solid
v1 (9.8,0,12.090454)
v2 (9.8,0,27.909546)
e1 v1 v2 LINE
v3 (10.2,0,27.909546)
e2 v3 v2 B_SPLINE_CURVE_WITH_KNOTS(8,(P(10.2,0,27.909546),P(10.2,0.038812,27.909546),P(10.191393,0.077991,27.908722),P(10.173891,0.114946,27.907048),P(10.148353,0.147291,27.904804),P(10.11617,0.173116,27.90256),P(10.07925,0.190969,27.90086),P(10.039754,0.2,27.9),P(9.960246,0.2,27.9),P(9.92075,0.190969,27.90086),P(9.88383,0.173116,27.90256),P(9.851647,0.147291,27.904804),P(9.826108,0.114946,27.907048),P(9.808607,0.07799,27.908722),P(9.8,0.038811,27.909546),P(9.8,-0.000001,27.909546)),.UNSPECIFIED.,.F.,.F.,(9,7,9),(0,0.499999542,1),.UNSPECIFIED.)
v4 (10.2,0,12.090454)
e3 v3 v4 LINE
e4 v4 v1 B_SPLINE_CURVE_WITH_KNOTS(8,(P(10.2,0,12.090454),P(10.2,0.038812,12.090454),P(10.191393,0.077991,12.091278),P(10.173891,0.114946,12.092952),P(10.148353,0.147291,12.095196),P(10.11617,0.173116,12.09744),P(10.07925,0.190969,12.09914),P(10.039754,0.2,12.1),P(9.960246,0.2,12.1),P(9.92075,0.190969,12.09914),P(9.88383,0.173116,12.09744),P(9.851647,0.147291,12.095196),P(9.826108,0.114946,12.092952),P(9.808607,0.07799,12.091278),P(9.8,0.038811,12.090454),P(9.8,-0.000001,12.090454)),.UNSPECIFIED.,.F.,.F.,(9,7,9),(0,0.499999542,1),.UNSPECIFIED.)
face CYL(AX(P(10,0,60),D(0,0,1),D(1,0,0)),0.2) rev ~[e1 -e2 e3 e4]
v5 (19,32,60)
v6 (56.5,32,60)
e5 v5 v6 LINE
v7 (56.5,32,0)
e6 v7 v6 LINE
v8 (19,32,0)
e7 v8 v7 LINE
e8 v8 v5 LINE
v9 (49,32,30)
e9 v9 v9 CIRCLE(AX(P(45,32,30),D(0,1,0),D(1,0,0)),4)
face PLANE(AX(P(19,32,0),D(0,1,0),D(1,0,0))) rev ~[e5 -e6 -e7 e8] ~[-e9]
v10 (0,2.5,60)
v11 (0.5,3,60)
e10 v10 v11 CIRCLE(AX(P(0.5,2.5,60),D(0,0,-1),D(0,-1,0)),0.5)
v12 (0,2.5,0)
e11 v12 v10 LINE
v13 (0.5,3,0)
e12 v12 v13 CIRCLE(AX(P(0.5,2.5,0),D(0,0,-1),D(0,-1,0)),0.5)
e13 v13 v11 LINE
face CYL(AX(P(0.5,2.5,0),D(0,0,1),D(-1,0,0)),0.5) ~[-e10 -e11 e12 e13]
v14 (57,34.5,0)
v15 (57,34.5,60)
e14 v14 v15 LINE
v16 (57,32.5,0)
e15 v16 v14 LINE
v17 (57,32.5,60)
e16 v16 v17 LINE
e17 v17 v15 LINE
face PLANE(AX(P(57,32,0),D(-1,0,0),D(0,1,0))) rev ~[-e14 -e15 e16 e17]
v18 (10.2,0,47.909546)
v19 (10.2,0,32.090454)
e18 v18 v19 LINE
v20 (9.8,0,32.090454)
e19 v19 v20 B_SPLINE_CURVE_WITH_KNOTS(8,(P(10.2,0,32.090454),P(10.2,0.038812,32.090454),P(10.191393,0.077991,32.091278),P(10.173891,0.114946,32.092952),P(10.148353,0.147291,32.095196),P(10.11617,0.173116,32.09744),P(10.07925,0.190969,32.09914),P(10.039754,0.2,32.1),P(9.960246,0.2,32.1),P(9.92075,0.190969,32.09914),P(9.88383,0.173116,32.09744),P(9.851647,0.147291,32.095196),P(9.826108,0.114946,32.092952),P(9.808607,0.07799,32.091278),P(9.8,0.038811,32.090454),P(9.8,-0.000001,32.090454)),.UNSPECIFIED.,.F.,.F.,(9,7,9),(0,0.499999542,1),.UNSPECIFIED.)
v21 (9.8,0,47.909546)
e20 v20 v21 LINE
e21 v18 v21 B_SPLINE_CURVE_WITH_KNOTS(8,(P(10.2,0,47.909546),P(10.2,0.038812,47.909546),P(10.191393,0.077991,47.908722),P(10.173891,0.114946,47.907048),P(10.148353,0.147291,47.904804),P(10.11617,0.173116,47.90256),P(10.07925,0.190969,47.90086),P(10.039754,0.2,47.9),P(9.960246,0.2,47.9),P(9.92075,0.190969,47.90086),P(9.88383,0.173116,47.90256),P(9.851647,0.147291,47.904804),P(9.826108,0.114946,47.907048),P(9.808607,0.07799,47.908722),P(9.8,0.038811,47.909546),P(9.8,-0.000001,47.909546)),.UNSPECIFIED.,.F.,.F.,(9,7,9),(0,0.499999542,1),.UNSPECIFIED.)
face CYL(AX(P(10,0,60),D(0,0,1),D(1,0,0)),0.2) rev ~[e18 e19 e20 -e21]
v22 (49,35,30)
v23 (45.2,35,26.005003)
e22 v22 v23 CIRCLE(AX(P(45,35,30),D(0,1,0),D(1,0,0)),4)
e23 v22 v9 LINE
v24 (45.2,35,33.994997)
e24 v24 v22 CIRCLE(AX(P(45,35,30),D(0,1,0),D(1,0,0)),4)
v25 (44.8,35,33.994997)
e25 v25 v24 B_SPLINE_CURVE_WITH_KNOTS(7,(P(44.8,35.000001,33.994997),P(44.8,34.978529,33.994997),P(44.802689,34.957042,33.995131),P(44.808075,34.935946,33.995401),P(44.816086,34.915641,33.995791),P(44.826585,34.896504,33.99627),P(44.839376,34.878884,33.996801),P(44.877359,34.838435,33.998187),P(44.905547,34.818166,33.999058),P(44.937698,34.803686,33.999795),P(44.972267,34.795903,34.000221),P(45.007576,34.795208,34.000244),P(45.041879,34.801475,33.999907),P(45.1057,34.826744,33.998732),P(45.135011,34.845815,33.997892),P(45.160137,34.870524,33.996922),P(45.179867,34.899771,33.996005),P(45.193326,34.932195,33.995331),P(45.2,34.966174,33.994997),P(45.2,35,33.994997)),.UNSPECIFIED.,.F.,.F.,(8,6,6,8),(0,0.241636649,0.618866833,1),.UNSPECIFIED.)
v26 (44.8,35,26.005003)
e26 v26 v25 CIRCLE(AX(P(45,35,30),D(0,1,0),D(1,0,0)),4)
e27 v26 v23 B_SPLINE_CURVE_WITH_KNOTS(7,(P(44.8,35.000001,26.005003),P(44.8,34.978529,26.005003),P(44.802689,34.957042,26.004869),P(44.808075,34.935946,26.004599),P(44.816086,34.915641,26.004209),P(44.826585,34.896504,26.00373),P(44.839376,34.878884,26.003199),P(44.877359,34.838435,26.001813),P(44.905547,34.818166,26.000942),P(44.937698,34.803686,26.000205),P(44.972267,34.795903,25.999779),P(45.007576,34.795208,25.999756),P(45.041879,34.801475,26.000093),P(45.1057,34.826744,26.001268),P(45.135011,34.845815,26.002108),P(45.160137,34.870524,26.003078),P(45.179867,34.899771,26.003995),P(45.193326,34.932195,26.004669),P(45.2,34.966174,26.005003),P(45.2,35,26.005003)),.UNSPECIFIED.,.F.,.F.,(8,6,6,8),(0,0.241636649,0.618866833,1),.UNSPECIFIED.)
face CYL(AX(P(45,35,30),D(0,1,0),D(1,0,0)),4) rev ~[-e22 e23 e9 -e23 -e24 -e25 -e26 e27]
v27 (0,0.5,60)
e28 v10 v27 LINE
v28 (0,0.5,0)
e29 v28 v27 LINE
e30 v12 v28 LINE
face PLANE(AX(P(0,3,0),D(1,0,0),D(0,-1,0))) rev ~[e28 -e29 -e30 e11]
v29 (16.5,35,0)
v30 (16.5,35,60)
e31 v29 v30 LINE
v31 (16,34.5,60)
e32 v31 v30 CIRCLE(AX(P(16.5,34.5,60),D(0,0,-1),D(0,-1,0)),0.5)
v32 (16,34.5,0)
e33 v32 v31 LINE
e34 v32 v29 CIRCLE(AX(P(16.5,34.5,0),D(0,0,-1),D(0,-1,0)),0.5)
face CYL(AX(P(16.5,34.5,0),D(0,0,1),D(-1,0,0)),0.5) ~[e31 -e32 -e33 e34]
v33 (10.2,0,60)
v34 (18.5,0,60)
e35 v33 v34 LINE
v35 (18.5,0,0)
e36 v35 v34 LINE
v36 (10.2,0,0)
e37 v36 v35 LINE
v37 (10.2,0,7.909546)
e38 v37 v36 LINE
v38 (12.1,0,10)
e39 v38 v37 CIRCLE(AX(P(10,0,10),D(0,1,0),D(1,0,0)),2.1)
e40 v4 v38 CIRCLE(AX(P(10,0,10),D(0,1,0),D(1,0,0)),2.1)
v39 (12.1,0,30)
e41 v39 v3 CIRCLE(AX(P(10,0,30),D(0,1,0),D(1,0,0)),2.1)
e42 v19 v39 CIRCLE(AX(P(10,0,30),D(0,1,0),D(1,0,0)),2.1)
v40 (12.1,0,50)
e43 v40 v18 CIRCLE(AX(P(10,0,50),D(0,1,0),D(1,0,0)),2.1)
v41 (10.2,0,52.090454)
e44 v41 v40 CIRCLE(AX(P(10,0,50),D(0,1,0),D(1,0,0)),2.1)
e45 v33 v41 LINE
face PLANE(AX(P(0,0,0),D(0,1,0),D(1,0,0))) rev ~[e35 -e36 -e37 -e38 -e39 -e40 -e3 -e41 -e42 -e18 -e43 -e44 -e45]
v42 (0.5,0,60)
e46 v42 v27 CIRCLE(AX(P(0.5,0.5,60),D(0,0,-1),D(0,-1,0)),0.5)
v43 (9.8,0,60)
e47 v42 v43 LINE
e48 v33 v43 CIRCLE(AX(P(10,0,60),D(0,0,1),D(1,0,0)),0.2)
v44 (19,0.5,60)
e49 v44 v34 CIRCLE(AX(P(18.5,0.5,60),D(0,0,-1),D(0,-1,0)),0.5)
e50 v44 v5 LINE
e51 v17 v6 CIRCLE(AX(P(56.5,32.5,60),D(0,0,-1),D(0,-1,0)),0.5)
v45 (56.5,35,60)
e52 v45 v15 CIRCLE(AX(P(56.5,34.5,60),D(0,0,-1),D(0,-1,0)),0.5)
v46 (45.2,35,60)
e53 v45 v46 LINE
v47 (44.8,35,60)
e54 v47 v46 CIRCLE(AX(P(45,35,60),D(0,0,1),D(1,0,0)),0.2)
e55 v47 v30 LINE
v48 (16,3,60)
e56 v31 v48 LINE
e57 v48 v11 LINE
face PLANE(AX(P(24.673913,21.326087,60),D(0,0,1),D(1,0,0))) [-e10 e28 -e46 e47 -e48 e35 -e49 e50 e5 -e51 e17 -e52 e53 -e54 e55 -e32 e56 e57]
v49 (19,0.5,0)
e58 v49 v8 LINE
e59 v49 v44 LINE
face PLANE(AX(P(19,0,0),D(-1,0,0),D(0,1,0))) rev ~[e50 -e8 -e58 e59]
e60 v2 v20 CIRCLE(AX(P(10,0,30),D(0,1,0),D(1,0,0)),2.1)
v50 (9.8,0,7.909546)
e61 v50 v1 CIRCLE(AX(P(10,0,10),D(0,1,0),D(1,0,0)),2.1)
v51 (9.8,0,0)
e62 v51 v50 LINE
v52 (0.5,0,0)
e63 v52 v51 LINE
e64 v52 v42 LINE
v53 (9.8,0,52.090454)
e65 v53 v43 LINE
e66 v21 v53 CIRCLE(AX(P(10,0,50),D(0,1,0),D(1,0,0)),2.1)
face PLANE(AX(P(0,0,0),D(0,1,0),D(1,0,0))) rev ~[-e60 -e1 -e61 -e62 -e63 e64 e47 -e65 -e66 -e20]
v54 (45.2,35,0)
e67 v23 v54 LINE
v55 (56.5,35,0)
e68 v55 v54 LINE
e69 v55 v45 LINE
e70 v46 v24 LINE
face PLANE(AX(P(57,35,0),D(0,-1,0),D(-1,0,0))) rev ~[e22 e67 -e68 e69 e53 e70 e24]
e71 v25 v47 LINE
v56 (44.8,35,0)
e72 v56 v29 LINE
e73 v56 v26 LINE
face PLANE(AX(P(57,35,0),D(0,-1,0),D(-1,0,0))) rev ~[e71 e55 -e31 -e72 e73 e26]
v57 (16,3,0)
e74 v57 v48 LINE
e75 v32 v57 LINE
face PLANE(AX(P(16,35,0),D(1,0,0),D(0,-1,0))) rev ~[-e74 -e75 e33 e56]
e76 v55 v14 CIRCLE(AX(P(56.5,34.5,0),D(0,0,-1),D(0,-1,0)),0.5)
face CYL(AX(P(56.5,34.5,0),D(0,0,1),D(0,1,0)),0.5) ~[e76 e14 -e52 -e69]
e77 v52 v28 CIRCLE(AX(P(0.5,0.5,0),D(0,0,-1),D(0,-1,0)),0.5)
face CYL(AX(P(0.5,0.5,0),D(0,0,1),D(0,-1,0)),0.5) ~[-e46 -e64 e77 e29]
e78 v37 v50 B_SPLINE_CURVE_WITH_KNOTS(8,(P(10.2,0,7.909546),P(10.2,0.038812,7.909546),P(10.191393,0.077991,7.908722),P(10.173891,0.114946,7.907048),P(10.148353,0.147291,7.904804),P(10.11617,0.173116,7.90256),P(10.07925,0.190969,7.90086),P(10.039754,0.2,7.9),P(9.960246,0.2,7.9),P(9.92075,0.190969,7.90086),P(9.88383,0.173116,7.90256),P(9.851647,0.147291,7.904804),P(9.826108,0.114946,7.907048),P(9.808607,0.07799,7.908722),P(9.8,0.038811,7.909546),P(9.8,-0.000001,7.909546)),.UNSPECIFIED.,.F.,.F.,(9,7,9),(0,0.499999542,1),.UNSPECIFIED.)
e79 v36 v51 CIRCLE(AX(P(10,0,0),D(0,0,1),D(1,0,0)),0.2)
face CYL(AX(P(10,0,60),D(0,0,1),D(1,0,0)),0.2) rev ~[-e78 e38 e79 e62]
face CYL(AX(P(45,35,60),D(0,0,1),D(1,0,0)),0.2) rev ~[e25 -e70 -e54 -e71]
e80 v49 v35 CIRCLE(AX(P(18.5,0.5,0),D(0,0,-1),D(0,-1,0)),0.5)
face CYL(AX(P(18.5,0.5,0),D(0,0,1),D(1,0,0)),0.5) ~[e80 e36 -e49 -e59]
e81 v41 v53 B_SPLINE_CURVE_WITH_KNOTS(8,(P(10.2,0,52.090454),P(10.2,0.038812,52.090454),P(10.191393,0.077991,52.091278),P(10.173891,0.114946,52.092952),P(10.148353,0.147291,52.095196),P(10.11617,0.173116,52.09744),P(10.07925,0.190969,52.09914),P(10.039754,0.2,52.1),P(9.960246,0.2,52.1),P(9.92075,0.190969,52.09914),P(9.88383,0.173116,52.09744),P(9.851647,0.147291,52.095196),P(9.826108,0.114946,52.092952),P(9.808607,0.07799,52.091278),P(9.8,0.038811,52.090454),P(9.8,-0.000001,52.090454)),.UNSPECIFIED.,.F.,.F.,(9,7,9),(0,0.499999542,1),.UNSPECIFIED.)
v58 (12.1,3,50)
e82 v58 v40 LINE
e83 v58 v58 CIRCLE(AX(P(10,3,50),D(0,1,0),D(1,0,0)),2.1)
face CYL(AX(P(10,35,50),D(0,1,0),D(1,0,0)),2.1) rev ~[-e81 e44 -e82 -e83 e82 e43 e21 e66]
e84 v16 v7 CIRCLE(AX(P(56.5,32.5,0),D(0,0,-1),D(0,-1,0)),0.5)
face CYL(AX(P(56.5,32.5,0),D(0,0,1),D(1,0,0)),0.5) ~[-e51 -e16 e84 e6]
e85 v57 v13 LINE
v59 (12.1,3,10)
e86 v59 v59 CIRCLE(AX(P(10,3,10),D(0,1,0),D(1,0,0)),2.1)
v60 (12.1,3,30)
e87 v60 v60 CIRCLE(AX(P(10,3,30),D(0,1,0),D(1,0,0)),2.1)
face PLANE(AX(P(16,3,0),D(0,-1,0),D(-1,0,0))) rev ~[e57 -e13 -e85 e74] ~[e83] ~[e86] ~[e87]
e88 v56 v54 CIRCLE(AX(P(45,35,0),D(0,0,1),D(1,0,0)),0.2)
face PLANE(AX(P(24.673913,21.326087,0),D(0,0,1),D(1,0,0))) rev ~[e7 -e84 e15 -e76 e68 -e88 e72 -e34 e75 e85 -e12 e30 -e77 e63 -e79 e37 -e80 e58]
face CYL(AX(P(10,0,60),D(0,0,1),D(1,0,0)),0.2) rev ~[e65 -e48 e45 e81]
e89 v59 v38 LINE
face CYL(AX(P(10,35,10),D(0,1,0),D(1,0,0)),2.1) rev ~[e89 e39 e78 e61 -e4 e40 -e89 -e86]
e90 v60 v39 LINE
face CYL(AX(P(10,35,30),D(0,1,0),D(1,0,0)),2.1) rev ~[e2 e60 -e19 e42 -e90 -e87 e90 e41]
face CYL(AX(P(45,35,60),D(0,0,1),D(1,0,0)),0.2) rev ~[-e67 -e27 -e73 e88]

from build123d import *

# Parameters (mm, degrees)
EXTRUDE_1_DEPTH     = 60
SKETCH_2_R          = 4
SKETCH_2_R_2        = 2.1
CUT_EXTRUDE_1_DEPTH = 36
SKETCH_3_R          = 0.2
CUT_EXTRUDE_2_DEPTH = 70
FILLET_1_R          = 0.5


with BuildPart() as part:
    # 草图1 → 凸台-拉伸1 (new body)
    with BuildSketch(Plane.XY):
        Polygon((0, 0), (19, 0), (19, 32), (57, 32), (57, 35), (16, 35), (16, 3), (0, 3), align=None)
    extrude(amount=EXTRUDE_1_DEPTH)

    # 草图2 → 切除-拉伸1 (cut, through all)
    with BuildSketch(Plane(origin=(0, 35, 0), x_dir=(1, 0, 0), z_dir=(0, 1, 0))):
        with Locations((45, -30)):
            Circle(SKETCH_2_R)
        with Locations((10, -30)):
            Circle(SKETCH_2_R_2)
        with Locations((10, -50)):
            Circle(SKETCH_2_R_2)
        with Locations((10, -10)):
            Circle(SKETCH_2_R_2)
    extrude(amount=-CUT_EXTRUDE_1_DEPTH, mode=Mode.SUBTRACT)

    # 草图3 → 切除-拉伸2 (cut)
    with BuildSketch(Plane.XY.offset(60)):
        with Locations((10, 0)):
            Circle(SKETCH_3_R)
        with Locations((45, 35)):
            Circle(SKETCH_3_R)
    extrude(amount=-CUT_EXTRUDE_2_DEPTH, mode=Mode.SUBTRACT)

    # 圆角1
    fillet_1_edges = [part.edges().sort_by_distance(p)[0] for p in [
        (0, 3, 30),
        (16, 35, 30),
        (57, 35, 30),
        (57, 32, 30),
        (19, 0, 30),
        (0, 0, 30),
    ]]
    fillet(fillet_1_edges, radius=FILLET_1_R)


solid = part.part
